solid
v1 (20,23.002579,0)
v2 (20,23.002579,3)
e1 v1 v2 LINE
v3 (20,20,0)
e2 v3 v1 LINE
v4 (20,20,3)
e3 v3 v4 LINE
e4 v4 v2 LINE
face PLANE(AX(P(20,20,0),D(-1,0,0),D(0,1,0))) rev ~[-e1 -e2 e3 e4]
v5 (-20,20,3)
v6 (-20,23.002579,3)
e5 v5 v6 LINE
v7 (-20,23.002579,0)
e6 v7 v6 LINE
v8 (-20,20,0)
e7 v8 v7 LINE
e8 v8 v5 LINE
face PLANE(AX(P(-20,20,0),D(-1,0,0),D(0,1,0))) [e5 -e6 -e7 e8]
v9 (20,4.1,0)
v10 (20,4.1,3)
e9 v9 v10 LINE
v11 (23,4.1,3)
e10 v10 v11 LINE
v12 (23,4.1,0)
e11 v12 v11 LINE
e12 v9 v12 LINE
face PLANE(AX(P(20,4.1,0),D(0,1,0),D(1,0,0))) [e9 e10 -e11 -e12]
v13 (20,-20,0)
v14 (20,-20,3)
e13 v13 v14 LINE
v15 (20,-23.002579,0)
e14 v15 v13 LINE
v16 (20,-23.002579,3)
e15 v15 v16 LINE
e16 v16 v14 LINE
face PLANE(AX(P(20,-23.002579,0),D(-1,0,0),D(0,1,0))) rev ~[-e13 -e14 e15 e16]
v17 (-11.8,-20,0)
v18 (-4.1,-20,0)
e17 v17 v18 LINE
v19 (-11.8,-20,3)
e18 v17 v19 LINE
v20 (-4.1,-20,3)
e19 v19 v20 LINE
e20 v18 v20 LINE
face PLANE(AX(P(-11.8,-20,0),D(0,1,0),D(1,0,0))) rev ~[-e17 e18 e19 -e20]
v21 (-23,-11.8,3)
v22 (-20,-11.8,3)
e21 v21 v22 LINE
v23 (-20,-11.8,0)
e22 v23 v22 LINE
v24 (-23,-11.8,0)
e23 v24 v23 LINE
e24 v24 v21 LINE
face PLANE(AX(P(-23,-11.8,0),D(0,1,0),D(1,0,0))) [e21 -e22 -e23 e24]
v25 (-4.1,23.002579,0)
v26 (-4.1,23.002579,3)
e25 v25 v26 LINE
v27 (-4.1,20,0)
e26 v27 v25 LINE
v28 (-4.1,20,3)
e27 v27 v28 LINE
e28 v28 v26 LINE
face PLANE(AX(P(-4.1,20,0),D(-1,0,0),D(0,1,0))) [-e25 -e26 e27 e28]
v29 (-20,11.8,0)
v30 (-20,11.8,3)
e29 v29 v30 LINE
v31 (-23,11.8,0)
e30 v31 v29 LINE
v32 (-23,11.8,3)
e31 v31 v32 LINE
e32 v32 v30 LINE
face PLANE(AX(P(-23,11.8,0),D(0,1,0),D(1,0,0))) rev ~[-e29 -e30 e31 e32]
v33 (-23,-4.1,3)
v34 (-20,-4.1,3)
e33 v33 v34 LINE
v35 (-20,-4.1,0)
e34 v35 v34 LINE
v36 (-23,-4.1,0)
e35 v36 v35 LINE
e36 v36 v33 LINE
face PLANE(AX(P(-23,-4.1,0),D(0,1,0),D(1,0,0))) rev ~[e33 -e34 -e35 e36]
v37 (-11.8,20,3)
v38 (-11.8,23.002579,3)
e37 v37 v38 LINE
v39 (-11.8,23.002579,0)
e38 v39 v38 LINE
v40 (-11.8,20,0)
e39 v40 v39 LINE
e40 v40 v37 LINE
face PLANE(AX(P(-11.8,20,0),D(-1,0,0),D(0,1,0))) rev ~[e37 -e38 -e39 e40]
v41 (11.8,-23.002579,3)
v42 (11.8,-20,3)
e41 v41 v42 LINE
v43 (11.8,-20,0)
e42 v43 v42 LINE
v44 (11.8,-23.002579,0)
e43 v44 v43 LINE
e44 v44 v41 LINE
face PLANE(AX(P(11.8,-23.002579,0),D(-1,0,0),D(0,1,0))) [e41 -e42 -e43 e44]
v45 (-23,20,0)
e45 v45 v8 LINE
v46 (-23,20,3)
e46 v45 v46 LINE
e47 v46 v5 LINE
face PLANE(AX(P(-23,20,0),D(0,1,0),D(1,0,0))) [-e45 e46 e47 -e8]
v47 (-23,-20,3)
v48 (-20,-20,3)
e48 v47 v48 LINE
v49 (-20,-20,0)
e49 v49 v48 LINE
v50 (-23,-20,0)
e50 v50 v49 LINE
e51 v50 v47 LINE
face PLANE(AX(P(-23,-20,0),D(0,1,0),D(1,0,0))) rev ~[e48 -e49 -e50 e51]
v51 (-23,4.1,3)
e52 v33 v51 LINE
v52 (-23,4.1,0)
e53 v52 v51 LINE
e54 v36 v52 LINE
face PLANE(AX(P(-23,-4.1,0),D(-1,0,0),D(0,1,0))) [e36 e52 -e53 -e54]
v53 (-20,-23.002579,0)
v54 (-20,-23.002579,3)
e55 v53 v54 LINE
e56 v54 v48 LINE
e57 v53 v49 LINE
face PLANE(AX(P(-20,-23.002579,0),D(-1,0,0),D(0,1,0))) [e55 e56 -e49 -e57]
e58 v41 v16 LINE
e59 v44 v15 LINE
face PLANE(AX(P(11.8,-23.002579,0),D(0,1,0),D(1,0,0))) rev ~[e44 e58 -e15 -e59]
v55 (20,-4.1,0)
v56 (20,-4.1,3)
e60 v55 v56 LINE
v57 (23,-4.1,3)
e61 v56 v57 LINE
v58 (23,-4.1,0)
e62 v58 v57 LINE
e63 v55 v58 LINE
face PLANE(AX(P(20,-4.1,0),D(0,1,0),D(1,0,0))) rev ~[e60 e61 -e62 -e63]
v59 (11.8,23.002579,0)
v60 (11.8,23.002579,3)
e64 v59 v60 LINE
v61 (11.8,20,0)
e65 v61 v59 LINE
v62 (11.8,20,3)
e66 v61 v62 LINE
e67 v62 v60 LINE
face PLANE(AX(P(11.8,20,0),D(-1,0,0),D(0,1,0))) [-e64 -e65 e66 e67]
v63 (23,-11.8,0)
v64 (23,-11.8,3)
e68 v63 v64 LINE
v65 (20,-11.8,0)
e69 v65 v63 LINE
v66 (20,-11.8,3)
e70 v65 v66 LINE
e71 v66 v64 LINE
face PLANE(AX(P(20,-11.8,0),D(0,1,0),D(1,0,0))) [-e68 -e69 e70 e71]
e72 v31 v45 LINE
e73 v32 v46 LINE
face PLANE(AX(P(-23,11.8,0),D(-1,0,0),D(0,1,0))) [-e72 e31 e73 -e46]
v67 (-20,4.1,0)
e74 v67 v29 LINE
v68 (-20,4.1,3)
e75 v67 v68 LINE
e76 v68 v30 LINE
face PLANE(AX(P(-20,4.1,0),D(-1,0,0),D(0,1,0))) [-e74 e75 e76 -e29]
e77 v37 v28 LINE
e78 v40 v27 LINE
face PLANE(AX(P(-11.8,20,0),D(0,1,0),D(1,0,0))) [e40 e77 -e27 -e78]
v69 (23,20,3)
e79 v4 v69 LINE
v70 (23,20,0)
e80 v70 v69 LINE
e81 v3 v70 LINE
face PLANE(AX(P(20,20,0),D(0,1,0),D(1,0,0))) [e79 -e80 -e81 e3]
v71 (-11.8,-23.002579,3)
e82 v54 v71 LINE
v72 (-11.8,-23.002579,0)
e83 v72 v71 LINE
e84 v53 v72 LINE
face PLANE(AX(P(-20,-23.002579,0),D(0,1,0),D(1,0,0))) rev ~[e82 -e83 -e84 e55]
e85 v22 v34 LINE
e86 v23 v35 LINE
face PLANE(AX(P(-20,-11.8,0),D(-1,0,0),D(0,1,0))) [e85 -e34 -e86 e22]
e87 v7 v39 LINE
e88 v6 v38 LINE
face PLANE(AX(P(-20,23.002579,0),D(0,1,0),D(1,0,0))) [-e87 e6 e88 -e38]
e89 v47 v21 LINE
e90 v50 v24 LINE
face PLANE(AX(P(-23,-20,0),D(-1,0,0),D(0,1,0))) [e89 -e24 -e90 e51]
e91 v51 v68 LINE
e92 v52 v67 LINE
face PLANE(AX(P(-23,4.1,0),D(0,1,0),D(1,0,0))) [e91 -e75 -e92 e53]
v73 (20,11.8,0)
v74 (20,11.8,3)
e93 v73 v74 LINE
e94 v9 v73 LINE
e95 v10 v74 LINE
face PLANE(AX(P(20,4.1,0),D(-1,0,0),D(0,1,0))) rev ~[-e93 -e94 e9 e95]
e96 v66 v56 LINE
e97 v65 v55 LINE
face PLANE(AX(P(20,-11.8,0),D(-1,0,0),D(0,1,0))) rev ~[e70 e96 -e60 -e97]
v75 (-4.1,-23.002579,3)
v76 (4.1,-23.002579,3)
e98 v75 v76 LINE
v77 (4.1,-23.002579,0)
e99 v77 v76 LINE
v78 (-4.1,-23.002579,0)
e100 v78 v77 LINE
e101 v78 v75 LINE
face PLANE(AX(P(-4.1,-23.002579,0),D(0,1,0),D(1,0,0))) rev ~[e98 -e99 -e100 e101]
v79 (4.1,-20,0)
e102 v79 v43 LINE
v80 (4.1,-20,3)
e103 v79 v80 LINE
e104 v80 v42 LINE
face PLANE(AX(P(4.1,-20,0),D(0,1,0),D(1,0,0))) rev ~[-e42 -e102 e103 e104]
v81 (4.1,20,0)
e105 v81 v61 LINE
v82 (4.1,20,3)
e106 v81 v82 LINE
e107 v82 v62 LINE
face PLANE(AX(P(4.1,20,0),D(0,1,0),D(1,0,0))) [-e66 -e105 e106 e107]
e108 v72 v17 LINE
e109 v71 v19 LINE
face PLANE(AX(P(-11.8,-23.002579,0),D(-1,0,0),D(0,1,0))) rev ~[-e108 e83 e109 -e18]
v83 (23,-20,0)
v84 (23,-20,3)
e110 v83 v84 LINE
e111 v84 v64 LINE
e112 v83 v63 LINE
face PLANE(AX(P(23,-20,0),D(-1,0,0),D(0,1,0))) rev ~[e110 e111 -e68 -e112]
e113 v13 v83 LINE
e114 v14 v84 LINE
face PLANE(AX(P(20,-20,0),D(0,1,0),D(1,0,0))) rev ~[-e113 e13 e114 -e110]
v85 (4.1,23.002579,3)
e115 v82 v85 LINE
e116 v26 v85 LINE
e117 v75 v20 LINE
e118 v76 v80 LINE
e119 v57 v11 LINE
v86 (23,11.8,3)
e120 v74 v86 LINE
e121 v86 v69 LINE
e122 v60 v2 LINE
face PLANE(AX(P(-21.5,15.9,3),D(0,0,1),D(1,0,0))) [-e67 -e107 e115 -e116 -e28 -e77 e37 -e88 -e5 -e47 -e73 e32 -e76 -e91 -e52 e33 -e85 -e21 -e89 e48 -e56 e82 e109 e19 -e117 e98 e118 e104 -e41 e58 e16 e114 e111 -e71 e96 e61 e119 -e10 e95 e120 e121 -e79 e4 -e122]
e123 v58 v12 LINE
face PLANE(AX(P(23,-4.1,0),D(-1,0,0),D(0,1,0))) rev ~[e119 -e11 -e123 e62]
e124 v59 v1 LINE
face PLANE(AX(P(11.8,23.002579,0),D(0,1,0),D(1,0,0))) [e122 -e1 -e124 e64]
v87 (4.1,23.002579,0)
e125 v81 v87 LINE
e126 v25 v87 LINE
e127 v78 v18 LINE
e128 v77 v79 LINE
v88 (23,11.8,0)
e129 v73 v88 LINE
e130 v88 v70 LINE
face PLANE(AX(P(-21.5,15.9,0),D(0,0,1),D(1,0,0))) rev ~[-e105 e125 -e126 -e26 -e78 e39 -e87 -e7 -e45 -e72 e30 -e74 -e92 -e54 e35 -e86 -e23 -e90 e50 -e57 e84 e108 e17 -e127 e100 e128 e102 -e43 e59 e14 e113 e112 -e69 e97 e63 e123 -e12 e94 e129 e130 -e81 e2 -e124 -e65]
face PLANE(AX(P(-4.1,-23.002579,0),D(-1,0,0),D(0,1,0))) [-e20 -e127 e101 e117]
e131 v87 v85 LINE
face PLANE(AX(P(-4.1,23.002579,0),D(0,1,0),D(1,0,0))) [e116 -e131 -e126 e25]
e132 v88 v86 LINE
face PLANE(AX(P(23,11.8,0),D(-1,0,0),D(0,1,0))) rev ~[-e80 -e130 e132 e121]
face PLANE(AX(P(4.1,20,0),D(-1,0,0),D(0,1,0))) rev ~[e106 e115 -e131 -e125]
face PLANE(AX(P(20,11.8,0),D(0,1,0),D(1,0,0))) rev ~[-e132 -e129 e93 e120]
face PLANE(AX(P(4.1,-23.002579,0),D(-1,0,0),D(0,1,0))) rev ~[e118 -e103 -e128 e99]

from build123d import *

# Parameters (mm, degrees)
CROQUIS1_W              = 3
CROQUIS1_H              = 8.2
CROQUIS1_W_2            = 8.2
CROQUIS1_H_2            = 3.00257915
CROQUIS1_W_3            = 40
CROQUIS1_H_3            = 40
SALIENTE_EXTRUIR1_DEPTH = 3


with BuildPart() as part:
    # Croquis1 → Saliente-Extruir1 (new body)
    with BuildSketch(Plane.XY):
        with Locations((-21.5, 15.9)):
            Rectangle(CROQUIS1_W, CROQUIS1_H)
        with Locations((-15.9, 21.501289575)):
            Rectangle(CROQUIS1_W_2, CROQUIS1_H_2)
        with Locations((0, 21.501289575)):
            Rectangle(CROQUIS1_W_2, CROQUIS1_H_2)
        with Locations((15.9, 21.501289575)):
            Rectangle(CROQUIS1_W_2, CROQUIS1_H_2)
        Rectangle(CROQUIS1_W_3, CROQUIS1_H_3)
        with Locations((21.5, 0)):
            Rectangle(CROQUIS1_W, CROQUIS1_H)
        with Locations((-21.5, 0)):
            Rectangle(CROQUIS1_W, CROQUIS1_H)
        with Locations((-21.5, -15.9)):
            Rectangle(CROQUIS1_W, CROQUIS1_H)
        with Locations((-15.9, -21.501289575)):
            Rectangle(CROQUIS1_W_2, CROQUIS1_H_2)
        with Locations((0, -21.501289575)):
            Rectangle(CROQUIS1_W_2, CROQUIS1_H_2)
        with Locations((15.9, -21.501289575)):
            Rectangle(CROQUIS1_W_2, CROQUIS1_H_2)
        with Locations((21.5, -15.9)):
            Rectangle(CROQUIS1_W, CROQUIS1_H)
        with Locations((21.5, 15.9)):
            Rectangle(CROQUIS1_W, CROQUIS1_H)
    extrude(amount=SALIENTE_EXTRUIR1_DEPTH)


solid = part.part
